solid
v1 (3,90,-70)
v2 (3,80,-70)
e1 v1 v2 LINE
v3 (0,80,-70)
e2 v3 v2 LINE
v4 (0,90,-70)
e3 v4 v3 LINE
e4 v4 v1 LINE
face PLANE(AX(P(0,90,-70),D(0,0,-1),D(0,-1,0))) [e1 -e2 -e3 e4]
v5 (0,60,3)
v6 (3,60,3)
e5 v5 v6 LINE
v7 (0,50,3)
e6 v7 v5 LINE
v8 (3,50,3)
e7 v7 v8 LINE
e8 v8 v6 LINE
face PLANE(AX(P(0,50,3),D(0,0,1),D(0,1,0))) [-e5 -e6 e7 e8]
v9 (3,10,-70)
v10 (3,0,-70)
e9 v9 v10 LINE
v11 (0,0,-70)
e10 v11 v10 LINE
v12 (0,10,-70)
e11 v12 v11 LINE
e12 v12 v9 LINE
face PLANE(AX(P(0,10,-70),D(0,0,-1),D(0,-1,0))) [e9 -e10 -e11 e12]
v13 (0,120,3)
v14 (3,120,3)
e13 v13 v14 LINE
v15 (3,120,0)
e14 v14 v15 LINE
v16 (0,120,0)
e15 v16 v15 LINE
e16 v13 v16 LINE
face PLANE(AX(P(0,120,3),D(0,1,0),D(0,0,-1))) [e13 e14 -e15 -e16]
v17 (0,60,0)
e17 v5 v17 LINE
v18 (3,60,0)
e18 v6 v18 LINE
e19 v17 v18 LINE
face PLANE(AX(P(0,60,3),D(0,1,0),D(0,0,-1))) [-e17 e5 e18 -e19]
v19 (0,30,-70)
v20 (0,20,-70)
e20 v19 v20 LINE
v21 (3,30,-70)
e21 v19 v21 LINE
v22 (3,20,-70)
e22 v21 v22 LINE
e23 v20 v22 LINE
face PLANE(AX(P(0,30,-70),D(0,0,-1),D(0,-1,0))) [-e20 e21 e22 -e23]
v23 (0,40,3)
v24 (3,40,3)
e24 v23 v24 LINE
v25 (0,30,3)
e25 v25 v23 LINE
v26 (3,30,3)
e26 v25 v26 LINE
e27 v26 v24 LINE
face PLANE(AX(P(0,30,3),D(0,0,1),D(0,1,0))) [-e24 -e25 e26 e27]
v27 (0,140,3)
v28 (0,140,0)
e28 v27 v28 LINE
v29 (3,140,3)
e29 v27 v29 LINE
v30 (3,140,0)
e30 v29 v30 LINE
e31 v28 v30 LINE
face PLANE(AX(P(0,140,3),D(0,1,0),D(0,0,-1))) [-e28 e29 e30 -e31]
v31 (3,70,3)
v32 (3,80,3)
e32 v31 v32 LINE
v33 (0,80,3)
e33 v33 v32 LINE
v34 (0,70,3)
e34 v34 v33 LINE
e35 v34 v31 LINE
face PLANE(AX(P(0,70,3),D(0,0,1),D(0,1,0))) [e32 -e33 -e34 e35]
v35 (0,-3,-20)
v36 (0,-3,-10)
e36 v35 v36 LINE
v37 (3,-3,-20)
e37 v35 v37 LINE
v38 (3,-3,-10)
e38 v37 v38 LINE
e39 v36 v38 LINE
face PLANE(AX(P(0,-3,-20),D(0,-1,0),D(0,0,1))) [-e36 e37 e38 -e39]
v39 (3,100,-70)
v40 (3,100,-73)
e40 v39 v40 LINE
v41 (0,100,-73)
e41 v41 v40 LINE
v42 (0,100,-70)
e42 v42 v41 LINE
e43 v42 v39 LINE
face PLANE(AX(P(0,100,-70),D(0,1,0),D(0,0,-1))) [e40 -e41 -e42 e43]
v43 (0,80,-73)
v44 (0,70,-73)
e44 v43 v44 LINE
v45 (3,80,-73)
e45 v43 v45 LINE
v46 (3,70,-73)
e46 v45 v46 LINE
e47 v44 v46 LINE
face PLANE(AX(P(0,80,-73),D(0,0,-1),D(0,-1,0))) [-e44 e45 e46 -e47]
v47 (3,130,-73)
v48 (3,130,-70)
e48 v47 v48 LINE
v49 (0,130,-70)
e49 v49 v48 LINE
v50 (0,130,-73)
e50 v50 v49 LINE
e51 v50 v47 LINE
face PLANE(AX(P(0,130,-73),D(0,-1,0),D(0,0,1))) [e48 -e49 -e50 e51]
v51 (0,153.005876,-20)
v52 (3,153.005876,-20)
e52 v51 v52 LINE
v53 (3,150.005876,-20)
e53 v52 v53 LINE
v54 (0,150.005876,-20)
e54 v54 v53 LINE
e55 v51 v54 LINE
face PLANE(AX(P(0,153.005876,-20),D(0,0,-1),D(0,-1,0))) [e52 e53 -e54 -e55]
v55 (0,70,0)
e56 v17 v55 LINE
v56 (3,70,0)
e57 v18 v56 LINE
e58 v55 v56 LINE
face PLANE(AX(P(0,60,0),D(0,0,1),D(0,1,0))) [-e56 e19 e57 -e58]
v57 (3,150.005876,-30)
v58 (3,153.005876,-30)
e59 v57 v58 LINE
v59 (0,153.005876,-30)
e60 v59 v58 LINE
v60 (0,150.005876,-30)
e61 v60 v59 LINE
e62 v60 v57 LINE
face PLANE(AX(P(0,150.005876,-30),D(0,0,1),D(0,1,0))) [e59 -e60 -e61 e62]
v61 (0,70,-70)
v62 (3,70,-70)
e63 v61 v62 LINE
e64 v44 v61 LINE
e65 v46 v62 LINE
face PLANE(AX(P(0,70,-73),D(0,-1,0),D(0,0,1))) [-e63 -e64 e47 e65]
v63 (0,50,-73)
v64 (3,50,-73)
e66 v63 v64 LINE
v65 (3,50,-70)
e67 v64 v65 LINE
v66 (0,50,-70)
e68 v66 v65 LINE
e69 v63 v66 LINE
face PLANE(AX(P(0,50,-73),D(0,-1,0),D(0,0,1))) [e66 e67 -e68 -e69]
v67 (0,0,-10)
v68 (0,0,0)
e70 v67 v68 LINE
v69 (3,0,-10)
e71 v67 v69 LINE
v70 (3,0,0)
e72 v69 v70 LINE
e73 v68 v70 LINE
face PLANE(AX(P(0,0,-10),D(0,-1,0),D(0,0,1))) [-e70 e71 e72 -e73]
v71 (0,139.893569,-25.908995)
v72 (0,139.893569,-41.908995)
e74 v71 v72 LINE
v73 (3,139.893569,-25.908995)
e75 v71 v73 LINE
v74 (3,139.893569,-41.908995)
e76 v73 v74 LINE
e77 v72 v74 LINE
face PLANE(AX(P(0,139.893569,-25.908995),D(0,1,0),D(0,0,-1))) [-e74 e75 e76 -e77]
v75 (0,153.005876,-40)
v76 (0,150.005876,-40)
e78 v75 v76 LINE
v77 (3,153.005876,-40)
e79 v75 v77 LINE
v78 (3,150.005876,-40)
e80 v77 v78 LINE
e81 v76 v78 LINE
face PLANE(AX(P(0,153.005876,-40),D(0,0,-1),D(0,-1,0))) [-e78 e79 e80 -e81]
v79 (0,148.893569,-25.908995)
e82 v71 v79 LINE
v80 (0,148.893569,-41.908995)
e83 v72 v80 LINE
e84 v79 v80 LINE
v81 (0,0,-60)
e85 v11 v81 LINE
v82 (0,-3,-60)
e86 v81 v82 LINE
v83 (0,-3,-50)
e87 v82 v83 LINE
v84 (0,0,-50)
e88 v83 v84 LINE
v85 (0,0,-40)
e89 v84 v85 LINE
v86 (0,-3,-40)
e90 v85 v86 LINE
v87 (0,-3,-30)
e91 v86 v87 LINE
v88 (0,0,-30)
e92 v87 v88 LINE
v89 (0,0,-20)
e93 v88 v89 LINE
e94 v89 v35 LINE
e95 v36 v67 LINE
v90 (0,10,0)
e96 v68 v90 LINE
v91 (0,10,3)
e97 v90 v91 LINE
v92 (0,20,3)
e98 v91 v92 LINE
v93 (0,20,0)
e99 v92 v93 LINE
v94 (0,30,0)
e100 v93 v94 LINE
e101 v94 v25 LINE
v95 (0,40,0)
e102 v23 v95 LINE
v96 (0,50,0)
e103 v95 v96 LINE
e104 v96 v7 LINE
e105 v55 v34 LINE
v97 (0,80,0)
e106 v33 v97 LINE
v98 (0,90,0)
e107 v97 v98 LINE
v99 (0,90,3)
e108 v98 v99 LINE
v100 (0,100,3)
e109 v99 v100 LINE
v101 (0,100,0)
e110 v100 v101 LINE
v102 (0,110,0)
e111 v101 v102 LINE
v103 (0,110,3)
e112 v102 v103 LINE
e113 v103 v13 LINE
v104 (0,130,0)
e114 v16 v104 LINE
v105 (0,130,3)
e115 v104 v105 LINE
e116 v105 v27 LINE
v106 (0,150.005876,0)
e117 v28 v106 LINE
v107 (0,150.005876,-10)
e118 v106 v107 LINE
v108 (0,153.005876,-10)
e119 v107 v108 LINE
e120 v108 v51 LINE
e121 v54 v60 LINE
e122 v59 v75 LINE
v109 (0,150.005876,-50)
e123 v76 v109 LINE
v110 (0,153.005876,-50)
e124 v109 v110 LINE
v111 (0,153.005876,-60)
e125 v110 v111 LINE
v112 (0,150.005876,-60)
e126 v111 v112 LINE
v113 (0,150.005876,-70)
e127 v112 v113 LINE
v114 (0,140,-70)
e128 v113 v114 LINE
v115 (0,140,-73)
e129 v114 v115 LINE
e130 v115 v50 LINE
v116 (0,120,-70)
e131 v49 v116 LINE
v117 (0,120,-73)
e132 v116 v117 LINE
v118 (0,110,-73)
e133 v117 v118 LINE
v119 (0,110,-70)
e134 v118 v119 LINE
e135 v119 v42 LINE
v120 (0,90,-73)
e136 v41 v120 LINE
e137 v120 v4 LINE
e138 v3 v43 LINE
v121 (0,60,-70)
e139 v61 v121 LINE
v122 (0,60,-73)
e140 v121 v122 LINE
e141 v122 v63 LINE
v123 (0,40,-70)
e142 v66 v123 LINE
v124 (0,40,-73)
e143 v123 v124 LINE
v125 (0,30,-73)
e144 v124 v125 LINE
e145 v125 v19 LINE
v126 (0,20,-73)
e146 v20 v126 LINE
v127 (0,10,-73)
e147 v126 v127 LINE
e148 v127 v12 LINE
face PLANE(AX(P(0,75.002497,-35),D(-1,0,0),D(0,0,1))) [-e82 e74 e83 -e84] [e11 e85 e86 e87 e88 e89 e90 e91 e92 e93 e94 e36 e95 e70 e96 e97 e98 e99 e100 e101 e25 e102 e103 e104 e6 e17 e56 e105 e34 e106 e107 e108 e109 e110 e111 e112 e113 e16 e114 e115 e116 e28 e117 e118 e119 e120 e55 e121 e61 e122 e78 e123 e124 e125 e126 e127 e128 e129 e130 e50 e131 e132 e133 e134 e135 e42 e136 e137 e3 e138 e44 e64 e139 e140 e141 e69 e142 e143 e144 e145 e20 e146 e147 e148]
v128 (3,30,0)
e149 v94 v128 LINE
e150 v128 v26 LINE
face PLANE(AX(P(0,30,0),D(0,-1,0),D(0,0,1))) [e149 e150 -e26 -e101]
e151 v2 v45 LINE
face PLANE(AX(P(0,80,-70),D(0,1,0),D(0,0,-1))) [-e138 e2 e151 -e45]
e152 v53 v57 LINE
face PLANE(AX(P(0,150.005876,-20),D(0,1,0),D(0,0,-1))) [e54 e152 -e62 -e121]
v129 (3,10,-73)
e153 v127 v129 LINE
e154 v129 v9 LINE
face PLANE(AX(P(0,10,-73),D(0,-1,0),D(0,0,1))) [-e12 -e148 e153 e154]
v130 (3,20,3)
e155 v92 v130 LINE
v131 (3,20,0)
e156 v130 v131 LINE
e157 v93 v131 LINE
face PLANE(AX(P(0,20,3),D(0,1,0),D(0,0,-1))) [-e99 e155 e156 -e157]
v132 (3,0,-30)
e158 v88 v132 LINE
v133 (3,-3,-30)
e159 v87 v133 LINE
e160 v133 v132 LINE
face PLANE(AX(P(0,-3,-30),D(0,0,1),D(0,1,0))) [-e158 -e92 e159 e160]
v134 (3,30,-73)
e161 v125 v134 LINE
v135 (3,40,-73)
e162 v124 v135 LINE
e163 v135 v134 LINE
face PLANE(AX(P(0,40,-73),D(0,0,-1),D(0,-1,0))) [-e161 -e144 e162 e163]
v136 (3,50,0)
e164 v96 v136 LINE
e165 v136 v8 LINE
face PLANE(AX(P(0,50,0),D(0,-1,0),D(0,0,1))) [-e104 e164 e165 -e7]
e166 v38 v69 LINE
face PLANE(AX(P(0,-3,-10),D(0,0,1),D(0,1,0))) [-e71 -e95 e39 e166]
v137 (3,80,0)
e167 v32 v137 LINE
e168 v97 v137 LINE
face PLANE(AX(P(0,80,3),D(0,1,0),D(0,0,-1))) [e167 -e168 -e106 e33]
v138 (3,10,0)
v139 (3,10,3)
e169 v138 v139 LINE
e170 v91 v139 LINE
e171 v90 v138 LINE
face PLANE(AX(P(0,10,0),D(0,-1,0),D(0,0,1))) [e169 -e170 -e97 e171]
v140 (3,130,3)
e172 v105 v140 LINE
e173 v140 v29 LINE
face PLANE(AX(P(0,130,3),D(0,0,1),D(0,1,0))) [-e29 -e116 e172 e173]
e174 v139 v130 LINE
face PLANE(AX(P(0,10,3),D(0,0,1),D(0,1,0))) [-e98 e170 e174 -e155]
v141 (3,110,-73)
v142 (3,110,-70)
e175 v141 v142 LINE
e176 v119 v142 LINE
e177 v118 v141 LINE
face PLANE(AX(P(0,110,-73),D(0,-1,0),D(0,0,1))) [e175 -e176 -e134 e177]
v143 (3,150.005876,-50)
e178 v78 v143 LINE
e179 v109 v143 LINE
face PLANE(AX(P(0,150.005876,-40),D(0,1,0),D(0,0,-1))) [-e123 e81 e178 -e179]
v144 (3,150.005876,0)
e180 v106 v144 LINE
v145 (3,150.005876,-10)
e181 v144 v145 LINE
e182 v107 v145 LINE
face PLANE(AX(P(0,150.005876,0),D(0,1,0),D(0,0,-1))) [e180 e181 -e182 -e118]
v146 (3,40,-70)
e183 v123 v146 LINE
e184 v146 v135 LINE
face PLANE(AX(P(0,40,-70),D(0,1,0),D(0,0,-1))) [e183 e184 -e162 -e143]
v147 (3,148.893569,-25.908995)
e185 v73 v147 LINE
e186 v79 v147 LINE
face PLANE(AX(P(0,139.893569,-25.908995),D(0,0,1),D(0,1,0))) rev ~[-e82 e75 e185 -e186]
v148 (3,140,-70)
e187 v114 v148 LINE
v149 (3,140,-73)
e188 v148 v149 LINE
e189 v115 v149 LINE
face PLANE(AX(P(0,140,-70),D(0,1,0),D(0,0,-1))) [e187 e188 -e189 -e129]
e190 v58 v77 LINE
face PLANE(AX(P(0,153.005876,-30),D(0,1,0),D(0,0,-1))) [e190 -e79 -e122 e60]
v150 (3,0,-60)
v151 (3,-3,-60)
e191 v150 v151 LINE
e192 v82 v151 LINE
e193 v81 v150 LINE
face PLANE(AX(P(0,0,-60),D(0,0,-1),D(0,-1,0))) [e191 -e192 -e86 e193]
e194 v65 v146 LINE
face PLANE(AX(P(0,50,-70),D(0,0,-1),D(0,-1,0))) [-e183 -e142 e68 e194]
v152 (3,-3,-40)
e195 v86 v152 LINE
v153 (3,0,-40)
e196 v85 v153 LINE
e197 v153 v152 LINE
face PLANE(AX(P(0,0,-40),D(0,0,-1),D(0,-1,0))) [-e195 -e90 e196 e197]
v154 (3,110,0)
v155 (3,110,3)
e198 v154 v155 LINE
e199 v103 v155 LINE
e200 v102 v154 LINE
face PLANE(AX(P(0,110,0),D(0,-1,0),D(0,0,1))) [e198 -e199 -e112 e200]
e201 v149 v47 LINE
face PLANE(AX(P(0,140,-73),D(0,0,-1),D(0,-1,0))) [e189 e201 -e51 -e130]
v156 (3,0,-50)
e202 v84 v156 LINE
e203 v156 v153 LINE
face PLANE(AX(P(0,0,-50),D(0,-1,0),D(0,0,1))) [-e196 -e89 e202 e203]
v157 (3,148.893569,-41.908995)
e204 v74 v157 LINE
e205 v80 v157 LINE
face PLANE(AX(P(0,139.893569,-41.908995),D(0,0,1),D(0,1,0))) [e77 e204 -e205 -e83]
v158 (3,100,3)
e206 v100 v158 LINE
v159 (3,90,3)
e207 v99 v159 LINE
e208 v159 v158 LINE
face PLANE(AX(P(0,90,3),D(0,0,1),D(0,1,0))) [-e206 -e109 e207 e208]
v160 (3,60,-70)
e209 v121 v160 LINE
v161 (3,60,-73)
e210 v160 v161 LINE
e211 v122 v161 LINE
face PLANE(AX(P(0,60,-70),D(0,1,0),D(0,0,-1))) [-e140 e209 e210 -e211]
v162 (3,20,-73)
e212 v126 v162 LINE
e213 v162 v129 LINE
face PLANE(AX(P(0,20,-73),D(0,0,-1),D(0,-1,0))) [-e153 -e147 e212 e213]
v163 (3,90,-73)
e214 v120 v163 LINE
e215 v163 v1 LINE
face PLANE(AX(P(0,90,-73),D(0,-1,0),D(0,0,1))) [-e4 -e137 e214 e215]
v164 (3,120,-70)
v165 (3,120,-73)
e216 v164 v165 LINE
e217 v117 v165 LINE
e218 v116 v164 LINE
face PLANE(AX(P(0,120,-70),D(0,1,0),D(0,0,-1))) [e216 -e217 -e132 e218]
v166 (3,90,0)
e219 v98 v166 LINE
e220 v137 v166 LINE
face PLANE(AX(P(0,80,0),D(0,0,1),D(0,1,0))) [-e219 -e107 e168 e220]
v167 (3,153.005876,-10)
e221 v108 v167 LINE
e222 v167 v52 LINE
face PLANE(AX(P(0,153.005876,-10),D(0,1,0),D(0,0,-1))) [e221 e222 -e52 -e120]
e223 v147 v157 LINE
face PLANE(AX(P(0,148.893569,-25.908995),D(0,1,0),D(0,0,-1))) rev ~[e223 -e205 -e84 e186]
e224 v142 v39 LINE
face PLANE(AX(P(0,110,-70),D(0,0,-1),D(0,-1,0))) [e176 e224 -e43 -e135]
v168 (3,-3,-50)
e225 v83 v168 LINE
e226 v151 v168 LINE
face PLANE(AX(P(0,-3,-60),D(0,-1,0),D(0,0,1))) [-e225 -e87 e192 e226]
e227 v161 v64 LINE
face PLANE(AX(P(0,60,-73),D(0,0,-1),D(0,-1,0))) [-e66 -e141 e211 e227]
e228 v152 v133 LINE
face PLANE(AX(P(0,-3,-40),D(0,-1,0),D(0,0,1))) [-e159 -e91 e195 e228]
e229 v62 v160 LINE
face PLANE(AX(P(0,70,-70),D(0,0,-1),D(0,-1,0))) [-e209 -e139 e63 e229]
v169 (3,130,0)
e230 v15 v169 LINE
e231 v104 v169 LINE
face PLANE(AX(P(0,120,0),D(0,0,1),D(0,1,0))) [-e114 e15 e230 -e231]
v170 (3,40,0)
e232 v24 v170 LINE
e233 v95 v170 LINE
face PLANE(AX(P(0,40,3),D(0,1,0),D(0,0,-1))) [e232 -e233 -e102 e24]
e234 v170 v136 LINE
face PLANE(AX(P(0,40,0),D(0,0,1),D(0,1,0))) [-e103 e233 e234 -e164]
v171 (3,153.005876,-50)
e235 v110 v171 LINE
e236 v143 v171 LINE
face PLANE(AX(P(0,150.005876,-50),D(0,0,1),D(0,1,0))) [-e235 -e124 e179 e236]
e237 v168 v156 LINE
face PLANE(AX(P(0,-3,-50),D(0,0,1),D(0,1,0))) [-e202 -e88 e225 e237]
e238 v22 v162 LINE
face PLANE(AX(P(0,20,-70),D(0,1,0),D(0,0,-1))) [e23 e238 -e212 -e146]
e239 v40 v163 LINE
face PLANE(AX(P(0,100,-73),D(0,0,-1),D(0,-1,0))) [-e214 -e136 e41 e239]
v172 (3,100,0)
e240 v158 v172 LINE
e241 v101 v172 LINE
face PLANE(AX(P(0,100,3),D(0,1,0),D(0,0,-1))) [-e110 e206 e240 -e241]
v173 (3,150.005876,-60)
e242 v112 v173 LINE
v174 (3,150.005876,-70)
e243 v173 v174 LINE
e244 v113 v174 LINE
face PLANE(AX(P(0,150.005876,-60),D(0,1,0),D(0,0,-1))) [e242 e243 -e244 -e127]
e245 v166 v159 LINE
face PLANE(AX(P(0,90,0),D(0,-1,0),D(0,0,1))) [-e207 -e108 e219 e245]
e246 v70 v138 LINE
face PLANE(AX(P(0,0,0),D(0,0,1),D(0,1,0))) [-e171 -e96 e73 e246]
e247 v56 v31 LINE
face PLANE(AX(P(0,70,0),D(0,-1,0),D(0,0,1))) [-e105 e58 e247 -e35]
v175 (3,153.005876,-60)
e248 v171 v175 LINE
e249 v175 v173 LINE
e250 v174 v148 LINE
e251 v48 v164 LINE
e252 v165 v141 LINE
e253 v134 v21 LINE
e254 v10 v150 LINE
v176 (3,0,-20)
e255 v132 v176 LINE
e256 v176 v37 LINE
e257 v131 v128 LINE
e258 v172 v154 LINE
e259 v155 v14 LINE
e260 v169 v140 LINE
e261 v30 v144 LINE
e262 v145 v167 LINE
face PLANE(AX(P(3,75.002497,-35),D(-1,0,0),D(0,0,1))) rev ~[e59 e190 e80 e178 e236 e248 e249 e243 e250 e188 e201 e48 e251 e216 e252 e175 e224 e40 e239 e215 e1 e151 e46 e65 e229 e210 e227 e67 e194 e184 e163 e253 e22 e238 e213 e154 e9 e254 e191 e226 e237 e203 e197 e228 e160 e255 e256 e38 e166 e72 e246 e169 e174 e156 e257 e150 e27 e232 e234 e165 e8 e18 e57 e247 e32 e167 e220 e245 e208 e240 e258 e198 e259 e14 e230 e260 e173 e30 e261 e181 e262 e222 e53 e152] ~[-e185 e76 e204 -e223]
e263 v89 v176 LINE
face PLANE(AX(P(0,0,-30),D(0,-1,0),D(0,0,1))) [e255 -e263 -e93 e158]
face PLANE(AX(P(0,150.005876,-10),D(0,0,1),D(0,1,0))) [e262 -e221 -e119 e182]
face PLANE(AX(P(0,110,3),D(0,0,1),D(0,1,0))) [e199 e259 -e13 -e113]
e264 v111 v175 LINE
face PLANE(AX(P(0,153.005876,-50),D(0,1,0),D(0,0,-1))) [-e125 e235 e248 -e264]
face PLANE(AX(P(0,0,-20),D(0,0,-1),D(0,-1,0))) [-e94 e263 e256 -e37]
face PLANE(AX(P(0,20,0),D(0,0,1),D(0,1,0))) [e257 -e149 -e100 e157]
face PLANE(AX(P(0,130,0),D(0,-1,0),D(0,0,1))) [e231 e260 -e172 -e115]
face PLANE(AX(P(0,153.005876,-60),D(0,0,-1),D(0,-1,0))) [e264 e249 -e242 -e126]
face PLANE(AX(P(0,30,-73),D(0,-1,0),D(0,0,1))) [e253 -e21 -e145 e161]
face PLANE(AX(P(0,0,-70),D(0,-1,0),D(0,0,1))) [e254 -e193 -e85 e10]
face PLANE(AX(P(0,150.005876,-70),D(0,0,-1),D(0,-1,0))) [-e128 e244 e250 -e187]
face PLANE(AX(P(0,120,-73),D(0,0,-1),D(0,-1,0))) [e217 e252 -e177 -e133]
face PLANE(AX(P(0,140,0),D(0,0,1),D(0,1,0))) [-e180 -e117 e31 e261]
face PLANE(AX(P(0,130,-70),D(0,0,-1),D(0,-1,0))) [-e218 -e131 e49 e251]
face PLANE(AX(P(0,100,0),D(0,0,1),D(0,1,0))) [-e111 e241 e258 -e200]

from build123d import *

# Parameters (mm, degrees)
SKETCH1_W           = 16
SKETCH1_H           = 9
BOSS_EXTRUDE1_DEPTH = 3


with BuildPart() as part:
    # Sketch1 → Boss-Extrude1 (new body)
    with BuildSketch(Plane(origin=(0, 0, 0), x_dir=(0, 0, -1), z_dir=(1, 0, 0))):
        Polygon((10, 153.005875518), (20, 153.005875518), (20, 150.005875518), (30, 150.005875518), (30, 153.005875518), (40, 153.005875518), (40, 150.005875518), (50, 150.005875518), (50, 153.005875518), (60, 153.005875518), (60, 150.005875518), (70, 150.005875518), (70, 140), (73, 140), (73, 130), (70, 130), (70, 120), (73, 120), (73, 110), (70, 110), (70, 100), (73, 100), (73, 90), (70, 90), (70, 80), (73, 80), (73, 70), (70, 70), (70, 60), (73, 60), (73, 50), (70, 50), (70, 40), (73, 40), (73, 30), (70, 30), (70, 20), (73, 20), (73, 10), (70, 10), (70, 0), (60, 0), (60, -3), (50, -3), (50, 0), (40, 0), (40, -3), (30, -3), (30, 0), (20, 0), (20, -3), (10, -3), (10, 0), (0, 0), (0, 10), (-3, 10), (-3, 20), (0, 20), (0, 30), (-3, 30), (-3, 40), (0, 40), (0, 50), (-3, 50), (-3, 60), (0, 60), (0, 70), (-3, 70), (-3, 80), (0, 80), (0, 90), (-3, 90), (-3, 100), (0, 100), (0, 110), (-3, 110), (-3, 120), (0, 120), (0, 130), (-3, 130), (-3, 140), (0, 140), (0, 150.005875518), (10, 150.005875518), align=None)
        with Locations((33.90899457, 144.39356925)):
            Rectangle(SKETCH1_W, SKETCH1_H, mode=Mode.SUBTRACT)
    extrude(amount=BOSS_EXTRUDE1_DEPTH)


solid = part.part
